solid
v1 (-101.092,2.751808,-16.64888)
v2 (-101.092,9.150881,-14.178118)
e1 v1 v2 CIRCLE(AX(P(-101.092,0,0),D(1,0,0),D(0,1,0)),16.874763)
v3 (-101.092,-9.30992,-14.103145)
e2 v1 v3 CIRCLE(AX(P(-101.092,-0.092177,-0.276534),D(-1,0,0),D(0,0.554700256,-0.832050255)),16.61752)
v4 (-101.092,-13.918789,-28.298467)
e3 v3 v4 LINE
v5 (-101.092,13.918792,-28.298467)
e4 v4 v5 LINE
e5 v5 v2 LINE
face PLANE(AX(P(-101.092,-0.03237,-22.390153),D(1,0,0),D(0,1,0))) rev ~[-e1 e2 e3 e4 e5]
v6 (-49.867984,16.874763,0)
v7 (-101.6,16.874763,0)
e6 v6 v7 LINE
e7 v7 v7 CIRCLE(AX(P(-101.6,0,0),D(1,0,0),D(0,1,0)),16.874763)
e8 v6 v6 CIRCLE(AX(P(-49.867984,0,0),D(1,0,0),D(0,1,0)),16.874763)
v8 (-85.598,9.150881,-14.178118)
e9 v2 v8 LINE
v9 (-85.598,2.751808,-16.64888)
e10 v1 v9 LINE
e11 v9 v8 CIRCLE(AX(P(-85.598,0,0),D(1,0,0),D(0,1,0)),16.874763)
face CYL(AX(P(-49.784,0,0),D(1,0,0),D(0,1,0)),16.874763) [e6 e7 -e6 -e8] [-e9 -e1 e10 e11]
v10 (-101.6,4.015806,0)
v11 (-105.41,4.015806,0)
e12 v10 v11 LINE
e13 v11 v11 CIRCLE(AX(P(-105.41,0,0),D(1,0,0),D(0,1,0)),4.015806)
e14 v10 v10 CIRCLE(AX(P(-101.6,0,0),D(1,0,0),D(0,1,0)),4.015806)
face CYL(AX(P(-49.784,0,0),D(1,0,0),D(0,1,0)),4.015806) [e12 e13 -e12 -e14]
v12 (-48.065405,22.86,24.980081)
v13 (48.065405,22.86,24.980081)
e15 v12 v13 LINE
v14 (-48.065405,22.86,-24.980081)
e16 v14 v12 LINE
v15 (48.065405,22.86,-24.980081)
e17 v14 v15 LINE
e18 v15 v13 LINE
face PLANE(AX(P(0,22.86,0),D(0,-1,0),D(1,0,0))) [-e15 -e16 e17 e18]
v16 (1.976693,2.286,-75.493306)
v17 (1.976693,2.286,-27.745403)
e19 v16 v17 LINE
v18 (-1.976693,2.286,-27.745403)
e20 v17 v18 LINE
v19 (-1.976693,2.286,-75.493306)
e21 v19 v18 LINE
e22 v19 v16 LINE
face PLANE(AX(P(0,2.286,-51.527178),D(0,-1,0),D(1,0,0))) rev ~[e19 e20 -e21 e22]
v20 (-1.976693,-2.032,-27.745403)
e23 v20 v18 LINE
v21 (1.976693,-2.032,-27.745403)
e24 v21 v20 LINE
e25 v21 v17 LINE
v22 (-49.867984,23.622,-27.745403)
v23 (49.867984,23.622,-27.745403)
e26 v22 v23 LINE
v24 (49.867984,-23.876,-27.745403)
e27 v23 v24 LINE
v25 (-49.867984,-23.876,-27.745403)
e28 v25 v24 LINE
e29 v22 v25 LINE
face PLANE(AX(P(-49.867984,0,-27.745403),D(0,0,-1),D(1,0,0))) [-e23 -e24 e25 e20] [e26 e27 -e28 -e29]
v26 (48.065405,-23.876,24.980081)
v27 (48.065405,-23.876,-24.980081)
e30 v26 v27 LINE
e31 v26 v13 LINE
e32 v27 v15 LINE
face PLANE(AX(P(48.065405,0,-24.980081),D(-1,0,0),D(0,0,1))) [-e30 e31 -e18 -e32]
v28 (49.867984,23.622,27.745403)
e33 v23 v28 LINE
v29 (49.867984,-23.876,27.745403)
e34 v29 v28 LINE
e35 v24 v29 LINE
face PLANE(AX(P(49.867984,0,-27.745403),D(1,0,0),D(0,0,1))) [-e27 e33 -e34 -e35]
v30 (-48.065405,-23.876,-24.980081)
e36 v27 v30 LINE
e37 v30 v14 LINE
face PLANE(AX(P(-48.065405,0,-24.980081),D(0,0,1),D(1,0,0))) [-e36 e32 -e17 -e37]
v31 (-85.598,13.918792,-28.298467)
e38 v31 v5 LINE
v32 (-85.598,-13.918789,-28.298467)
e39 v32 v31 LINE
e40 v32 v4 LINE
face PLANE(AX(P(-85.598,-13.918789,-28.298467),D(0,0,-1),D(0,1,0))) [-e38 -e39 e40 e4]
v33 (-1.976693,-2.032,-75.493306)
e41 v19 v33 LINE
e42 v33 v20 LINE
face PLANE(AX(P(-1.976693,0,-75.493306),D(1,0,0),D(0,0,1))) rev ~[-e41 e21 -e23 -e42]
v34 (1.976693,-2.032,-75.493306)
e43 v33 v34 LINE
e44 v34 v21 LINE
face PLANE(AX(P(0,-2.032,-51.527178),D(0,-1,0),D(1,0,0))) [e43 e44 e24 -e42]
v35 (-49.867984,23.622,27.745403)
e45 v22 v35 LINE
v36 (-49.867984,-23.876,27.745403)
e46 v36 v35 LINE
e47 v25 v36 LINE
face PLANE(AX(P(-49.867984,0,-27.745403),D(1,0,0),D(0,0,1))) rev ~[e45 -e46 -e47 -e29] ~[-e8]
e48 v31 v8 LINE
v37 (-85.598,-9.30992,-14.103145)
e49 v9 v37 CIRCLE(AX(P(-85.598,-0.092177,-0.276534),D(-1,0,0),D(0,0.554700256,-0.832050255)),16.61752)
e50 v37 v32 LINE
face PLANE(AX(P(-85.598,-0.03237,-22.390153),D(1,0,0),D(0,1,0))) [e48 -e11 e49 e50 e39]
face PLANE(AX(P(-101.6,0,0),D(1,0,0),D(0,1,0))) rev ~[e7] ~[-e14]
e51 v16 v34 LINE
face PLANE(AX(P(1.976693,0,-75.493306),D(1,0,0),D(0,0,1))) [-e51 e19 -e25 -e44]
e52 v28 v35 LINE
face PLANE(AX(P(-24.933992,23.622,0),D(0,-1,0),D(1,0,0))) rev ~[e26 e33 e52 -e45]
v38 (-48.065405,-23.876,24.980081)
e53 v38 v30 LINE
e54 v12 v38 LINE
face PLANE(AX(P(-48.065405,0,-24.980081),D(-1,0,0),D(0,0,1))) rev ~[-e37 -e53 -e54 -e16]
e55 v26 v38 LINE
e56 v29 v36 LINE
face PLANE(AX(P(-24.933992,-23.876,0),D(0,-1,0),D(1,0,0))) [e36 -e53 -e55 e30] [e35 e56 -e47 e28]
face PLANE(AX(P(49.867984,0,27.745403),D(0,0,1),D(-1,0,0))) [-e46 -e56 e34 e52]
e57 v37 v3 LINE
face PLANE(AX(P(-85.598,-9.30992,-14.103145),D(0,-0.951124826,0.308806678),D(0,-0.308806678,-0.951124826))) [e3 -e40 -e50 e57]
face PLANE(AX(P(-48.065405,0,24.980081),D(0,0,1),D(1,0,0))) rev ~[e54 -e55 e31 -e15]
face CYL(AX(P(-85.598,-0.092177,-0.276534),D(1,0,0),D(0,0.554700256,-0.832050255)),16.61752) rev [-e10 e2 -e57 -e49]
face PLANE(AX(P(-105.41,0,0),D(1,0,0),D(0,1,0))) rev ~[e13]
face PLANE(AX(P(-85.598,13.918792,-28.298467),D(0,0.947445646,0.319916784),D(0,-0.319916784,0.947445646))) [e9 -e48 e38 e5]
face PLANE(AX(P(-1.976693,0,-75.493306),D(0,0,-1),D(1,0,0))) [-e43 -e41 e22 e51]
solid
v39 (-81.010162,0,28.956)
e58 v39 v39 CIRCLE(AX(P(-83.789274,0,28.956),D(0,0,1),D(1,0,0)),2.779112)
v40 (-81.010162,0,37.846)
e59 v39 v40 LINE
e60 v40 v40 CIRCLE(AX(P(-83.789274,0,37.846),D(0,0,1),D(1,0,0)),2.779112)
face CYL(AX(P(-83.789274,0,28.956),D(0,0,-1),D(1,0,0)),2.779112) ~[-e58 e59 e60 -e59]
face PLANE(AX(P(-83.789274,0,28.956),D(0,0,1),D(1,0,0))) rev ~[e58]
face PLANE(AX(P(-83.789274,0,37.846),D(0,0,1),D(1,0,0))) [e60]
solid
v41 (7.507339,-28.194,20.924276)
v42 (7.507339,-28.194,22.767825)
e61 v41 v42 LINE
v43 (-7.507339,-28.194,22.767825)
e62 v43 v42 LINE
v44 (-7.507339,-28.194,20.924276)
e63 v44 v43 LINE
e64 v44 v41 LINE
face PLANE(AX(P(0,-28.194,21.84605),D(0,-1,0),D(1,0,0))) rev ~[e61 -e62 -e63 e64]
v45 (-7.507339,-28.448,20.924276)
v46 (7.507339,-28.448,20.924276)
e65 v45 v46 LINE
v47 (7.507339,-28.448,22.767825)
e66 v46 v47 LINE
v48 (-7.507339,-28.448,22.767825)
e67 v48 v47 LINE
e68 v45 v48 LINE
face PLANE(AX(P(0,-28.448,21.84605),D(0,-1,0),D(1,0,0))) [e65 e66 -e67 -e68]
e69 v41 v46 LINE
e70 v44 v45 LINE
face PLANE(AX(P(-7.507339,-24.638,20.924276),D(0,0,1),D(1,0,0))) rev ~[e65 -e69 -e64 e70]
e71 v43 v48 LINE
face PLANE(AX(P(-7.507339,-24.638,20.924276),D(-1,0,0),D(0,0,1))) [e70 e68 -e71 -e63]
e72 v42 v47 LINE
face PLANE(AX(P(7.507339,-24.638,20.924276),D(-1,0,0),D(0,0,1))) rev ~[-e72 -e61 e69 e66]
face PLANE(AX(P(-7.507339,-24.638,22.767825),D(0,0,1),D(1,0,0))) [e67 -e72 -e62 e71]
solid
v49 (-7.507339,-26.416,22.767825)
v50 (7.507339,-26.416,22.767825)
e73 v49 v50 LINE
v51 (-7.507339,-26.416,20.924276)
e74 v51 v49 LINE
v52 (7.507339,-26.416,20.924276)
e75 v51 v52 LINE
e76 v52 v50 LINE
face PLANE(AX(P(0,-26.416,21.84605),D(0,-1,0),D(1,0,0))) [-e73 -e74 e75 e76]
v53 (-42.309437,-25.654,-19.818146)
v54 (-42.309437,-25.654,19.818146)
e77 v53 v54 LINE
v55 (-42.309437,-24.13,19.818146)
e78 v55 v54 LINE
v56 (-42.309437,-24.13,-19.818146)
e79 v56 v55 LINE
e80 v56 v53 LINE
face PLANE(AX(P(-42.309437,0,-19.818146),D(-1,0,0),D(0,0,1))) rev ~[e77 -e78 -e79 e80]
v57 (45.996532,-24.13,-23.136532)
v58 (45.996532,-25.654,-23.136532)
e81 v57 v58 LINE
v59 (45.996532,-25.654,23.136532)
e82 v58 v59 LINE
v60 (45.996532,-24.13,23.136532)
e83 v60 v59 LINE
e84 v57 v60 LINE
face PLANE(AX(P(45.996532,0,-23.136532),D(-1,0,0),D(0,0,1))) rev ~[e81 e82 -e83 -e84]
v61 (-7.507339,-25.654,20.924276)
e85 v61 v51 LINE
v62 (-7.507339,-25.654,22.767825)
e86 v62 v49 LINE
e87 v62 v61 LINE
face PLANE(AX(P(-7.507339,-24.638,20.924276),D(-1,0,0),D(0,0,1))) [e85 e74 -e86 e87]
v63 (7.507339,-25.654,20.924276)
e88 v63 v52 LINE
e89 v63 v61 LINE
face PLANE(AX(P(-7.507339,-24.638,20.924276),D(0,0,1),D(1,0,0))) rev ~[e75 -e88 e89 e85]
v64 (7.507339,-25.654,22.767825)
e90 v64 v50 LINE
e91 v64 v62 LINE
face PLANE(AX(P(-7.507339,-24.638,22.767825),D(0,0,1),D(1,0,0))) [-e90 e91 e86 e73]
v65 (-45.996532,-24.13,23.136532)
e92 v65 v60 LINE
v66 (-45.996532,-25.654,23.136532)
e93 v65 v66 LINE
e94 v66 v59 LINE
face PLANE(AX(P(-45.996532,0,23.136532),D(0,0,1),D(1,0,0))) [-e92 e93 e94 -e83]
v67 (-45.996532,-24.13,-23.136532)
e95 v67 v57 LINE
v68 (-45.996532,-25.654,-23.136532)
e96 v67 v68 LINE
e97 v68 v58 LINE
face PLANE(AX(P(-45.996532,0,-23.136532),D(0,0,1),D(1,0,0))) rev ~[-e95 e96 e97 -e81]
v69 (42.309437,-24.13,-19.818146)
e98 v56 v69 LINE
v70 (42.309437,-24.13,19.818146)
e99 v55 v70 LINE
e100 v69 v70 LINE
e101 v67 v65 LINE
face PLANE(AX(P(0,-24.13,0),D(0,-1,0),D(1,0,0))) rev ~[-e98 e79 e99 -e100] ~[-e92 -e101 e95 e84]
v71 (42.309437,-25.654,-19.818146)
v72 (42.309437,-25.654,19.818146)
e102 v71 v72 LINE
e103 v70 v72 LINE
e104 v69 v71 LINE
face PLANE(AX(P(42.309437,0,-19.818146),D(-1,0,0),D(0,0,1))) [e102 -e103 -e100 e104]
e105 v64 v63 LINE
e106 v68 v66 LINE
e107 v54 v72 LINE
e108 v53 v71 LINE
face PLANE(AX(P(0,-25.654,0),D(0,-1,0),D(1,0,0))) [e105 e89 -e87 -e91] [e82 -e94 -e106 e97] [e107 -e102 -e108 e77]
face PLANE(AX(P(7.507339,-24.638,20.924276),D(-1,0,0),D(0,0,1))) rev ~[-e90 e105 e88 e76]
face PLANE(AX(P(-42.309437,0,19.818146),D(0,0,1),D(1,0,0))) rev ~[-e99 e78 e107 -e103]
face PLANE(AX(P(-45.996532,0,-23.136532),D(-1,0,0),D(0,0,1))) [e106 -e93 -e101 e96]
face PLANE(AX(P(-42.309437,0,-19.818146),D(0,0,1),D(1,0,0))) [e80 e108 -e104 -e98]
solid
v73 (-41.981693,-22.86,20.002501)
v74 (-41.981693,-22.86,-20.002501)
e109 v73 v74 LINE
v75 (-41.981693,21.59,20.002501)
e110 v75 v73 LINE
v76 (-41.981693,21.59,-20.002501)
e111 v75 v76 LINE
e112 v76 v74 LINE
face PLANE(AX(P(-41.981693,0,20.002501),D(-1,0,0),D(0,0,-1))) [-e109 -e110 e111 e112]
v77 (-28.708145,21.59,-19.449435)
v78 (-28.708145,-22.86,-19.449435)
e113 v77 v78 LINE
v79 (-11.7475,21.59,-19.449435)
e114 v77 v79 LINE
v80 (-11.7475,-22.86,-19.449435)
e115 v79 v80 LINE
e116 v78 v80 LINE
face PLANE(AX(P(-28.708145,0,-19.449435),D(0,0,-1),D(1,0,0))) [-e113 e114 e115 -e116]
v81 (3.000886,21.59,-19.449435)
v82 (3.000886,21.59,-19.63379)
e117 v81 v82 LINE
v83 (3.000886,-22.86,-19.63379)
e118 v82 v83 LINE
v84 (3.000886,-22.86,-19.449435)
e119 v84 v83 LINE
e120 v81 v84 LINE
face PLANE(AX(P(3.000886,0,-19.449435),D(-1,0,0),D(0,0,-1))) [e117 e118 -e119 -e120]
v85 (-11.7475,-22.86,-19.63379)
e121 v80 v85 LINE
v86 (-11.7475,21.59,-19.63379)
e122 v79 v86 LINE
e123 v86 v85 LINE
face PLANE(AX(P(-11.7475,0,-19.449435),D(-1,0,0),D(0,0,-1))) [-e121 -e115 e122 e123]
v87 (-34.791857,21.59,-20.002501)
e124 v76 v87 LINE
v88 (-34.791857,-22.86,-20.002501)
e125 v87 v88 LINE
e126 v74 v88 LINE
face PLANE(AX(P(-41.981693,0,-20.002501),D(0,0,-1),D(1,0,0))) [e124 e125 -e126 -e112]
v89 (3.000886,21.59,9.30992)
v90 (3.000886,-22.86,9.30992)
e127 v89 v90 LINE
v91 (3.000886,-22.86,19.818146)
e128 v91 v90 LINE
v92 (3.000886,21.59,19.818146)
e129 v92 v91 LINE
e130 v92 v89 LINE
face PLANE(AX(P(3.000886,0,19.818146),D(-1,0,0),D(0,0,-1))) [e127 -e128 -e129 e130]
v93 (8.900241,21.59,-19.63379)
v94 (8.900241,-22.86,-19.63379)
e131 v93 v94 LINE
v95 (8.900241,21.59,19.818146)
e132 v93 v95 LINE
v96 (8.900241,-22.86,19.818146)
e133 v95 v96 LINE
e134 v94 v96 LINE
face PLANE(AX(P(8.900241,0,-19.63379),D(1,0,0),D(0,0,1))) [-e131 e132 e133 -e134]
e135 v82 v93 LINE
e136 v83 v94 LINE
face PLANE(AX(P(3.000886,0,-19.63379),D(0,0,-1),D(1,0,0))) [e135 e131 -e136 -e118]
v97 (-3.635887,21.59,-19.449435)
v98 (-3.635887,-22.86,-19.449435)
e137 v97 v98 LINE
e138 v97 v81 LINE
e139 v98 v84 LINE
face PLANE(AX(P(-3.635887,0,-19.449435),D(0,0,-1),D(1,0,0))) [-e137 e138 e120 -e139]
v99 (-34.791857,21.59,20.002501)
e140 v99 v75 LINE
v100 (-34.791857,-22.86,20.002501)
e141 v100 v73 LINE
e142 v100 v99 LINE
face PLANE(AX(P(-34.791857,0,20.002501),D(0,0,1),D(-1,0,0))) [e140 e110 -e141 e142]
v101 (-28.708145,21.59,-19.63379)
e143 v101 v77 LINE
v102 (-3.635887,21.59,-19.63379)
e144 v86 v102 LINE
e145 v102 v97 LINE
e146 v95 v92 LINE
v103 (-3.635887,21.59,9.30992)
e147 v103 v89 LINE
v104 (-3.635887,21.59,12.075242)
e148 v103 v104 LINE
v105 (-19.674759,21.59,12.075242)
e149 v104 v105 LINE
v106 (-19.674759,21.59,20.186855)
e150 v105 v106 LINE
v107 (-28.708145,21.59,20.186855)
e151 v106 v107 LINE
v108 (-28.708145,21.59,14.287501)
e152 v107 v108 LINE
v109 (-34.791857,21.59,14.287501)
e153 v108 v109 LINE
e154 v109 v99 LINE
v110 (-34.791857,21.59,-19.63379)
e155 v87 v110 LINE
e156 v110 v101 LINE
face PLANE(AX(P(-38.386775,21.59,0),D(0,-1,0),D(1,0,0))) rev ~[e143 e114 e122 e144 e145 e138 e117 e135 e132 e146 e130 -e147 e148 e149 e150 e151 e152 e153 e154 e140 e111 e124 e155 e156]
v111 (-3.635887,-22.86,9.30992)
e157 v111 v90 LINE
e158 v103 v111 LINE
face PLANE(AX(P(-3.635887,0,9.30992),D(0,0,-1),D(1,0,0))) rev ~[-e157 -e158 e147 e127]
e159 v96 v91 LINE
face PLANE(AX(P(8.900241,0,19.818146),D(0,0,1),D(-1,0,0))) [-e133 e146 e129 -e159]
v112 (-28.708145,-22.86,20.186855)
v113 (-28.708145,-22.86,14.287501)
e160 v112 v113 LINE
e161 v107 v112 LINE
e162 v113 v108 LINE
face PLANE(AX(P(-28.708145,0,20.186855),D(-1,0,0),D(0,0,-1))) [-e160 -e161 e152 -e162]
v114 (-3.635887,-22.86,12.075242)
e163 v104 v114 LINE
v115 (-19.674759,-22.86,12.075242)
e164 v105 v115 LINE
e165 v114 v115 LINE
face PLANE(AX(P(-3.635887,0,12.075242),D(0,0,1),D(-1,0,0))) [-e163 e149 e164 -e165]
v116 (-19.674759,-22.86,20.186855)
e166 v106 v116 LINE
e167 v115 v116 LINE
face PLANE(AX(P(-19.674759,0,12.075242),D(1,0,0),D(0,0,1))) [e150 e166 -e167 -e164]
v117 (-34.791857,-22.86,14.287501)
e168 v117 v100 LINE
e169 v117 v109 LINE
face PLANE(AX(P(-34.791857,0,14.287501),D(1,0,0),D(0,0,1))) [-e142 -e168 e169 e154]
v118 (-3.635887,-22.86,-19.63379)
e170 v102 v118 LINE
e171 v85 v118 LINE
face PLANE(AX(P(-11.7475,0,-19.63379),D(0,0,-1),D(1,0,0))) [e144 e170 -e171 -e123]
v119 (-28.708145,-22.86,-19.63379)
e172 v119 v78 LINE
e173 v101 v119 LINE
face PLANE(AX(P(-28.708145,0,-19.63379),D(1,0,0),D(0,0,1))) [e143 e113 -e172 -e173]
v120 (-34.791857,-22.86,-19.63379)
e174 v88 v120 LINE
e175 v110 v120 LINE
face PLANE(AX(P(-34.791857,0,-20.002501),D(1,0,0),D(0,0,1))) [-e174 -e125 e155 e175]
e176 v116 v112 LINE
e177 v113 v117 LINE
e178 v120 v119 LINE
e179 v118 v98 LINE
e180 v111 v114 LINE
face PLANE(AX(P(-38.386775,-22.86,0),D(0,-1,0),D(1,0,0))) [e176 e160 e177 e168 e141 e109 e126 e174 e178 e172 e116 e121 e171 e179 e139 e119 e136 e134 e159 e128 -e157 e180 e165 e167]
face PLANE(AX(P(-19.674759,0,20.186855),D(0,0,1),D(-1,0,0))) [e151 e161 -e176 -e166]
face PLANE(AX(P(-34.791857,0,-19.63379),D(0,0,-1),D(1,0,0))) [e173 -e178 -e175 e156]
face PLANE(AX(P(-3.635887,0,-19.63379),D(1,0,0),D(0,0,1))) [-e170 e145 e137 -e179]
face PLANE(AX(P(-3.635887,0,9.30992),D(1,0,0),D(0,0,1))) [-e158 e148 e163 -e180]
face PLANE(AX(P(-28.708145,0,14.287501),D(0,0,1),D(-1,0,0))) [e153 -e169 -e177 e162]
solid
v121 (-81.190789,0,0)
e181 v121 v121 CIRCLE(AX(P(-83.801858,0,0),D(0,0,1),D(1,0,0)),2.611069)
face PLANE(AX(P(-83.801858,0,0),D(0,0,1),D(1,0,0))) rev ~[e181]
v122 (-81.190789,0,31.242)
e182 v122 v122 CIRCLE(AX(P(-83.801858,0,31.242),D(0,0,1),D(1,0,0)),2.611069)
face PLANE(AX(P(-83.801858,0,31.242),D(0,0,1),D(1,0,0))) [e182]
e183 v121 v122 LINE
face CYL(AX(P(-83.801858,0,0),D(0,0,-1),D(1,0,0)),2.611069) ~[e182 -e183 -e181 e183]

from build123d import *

# Parameters (mm, degrees)
F7_START       = -49.784
F3_R           = 4.0158055206
F7_DEPTH       = 55.626
F8_START       = -49.784
F2_R           = 16.8747634717
F8_DEPTH       = 51.816
F9_START       = -85.598
F9_DEPTH       = 15.494
F10_START      = 28.956
F5_R           = 2.7791124711
F10_DEPTH      = 8.89
F6_R           = 2.6110689317
F11_DEPTH      = 31.242
F0_W           = 49.8679839075
F0_H           = 55.4908066988
F12_DEPTH      = 23.876
F12_DEPTH_BACK = 23.622
F1_W           = 91.9930636883
F1_H           = 46.2730638683
F1_W_2         = 84.6188738942
F1_H_2         = 39.6362915635
F13_DEPTH      = 25.654
F14_W          = 96.130810678
F14_H          = 49.9601624906
F15_DEPTH      = 22.86
F15_DEPTH_BACK = 24.13
F17_START      = 24.638
F16_W          = 15.0146773085
F16_H          = 1.8435493112
F17_DEPTH      = 3.81
F19_START      = 26.416
F18_W          = 15.3833860531
F18_H          = 2.2122561932
F19_DEPTH      = 1.778
F20_W          = 3.9533865638
F20_H          = 47.9322560132
F21_DEPTH      = 2.032
F21_DEPTH_BACK = 2.286
F22_W          = 7.9272594303
F22_H          = 31.5246768296
F22_W_2        = 6.6367732361
F22_H_2        = 28.7593547255
F23_DEPTH      = 22.86
F23_DEPTH_BACK = 21.59


with BuildPart() as f7:
    # F3 (on Right) → F7 (new body)
    with BuildSketch(Plane.YZ.offset(F7_START)):
        Circle(F3_R)
    extrude(amount=-F7_DEPTH)

    # F2 (on Right) → F8 (join)
    with BuildSketch(Plane.YZ.offset(F8_START)):
        Circle(F2_R)
    extrude(amount=-F8_DEPTH)

    # F4 (on Right) → F9 (join)
    with BuildSketch(Plane.YZ.offset(F9_START)):
        with BuildLine():
            Line((13.9187918976, -28.2984673977), (9.1255651787, -14.1031453386))
            ThreePointArc((9.1255651787, -14.1031453386), (-0.0921771862, -16.89405352), (-9.309919551, -14.1031453386))
            Line((-9.309919551, -14.1031453386), (-13.9187891036, -28.2984673977))
            Line((-13.9187891036, -28.2984673977), (0, -28.2984673977))
            Line((0, -28.2984673977), (13.9187918976, -28.2984673977))
        make_face()
    extrude(amount=-F9_DEPTH)

    # F0 (on Front) → F12 (join, two sides)
    with BuildSketch(Plane.XZ) as f12_sk:
        with Locations((-24.9339919537, 0)):
            Rectangle(F0_W, F0_H)
        with Locations((24.9339919537, 0)):
            Rectangle(F0_W, F0_H)
    extrude(amount=F12_DEPTH)
    extrude(f12_sk.sketch, amount=-F12_DEPTH_BACK)

    # F1 (on Front) → F13 (join)
    with BuildSketch(Plane.XZ):
        Rectangle(F1_W, F1_H)
        Rectangle(F1_W_2, F1_H_2, mode=Mode.SUBTRACT)
    extrude(amount=F13_DEPTH)

    # F14 (on Front) → F15 (cut, two sides)
    with BuildSketch(Plane.XZ) as f15_sk:
        Rectangle(F14_W, F14_H)
    extrude(amount=-F15_DEPTH, mode=Mode.SUBTRACT)
    extrude(f15_sk.sketch, amount=F15_DEPTH_BACK, mode=Mode.SUBTRACT)

    # F16 (on Front) → F17 (join)
    with BuildSketch(Plane.XZ.offset(F17_START)):
        with Locations((0, 21.8460503966)):
            Rectangle(F16_W, F16_H)
    extrude(amount=F17_DEPTH)

    # F18 (on Front) → F19 (cut)
    with BuildSketch(Plane.XZ.offset(F19_START)):
        with Locations((0, 21.8460503966)):
            Rectangle(F18_W, F18_H)
    extrude(amount=F19_DEPTH, mode=Mode.SUBTRACT)

    # F20 (on Front) → F21 (join, two sides)
    with BuildSketch(Plane.XZ) as f21_sk:
        with Locations((0, -51.527177915)):
            Rectangle(F20_W, F20_H)
    extrude(amount=F21_DEPTH)
    extrude(f21_sk.sketch, amount=-F21_DEPTH_BACK)


with BuildPart() as f10:
    # F5 (on Top) → F10 (new body)
    with BuildSketch(Plane.XY.offset(F10_START)):
        with Locations((-83.7892740965, 0)):
            Circle(F5_R)
    extrude(amount=F10_DEPTH)


with BuildPart() as f11:
    # F6 (on Top) → F11 (new body)
    with BuildSketch(Plane.XY):
        with Locations((-83.8018581271, 0)):
            Circle(F6_R)
    extrude(amount=F11_DEPTH)


with BuildPart() as f23:
    # F22 (on Front) → F23 (new body, two sides)
    with BuildSketch(Plane.XZ) as f23_sk:
        Polygon((-34.7918570042, 20.0025010854), (-41.9816933572, 20.0025010854), (-41.9816933572, -20.0025010854), (-34.7918570042, -20.0025010854), (-34.7918570042, -19.6337904781), (-34.7918570042, 14.2875006422), align=None)
        Polygon((-28.7081450224, 14.2875006422), (-34.7918570042, 14.2875006422), (-34.7918570042, -19.6337904781), (-28.7081450224, -19.6337904781), (-28.7081450224, -19.4494351745), align=None)
        Polygon((-28.7081450224, 20.1868545264), (-28.7081450224, 14.2875006422), (-28.7081450224, -19.4494351745), (-19.6747593582, -19.4494351745), (-19.6747593582, 12.0752416551), (-19.6747593582, 20.1868545264), align=None)
        with Locations((-15.711129643, -3.6870967597)):
            Rectangle(F22_W, F22_H)
        Polygon((-11.7474999279, 12.0752416551), (-11.7474999279, -19.4494351745), (-11.7474999279, -19.6337904781), (-3.6358870566, -19.6337904781), (-3.6358870566, -19.4494351745), (-3.6358870566, 9.309919551), (-3.6358870566, 12.0752416551), align=None)
        with Locations((-0.3175004385, -5.0697578117)):
            Rectangle(F22_W_2, F22_H_2)
        Polygon((3.0008861795, 19.8181457818), (3.0008861795, 9.309919551), (3.0008861795, -19.4494351745), (3.0008861795, -19.6337904781), (8.900240995, -19.6337904781), (8.900240995, 19.8181457818), align=None)
    extrude(amount=F23_DEPTH)
    extrude(f23_sk.sketch, amount=-F23_DEPTH_BACK)


solid = Compound([f7.part, f10.part, f11.part, f23.part])
